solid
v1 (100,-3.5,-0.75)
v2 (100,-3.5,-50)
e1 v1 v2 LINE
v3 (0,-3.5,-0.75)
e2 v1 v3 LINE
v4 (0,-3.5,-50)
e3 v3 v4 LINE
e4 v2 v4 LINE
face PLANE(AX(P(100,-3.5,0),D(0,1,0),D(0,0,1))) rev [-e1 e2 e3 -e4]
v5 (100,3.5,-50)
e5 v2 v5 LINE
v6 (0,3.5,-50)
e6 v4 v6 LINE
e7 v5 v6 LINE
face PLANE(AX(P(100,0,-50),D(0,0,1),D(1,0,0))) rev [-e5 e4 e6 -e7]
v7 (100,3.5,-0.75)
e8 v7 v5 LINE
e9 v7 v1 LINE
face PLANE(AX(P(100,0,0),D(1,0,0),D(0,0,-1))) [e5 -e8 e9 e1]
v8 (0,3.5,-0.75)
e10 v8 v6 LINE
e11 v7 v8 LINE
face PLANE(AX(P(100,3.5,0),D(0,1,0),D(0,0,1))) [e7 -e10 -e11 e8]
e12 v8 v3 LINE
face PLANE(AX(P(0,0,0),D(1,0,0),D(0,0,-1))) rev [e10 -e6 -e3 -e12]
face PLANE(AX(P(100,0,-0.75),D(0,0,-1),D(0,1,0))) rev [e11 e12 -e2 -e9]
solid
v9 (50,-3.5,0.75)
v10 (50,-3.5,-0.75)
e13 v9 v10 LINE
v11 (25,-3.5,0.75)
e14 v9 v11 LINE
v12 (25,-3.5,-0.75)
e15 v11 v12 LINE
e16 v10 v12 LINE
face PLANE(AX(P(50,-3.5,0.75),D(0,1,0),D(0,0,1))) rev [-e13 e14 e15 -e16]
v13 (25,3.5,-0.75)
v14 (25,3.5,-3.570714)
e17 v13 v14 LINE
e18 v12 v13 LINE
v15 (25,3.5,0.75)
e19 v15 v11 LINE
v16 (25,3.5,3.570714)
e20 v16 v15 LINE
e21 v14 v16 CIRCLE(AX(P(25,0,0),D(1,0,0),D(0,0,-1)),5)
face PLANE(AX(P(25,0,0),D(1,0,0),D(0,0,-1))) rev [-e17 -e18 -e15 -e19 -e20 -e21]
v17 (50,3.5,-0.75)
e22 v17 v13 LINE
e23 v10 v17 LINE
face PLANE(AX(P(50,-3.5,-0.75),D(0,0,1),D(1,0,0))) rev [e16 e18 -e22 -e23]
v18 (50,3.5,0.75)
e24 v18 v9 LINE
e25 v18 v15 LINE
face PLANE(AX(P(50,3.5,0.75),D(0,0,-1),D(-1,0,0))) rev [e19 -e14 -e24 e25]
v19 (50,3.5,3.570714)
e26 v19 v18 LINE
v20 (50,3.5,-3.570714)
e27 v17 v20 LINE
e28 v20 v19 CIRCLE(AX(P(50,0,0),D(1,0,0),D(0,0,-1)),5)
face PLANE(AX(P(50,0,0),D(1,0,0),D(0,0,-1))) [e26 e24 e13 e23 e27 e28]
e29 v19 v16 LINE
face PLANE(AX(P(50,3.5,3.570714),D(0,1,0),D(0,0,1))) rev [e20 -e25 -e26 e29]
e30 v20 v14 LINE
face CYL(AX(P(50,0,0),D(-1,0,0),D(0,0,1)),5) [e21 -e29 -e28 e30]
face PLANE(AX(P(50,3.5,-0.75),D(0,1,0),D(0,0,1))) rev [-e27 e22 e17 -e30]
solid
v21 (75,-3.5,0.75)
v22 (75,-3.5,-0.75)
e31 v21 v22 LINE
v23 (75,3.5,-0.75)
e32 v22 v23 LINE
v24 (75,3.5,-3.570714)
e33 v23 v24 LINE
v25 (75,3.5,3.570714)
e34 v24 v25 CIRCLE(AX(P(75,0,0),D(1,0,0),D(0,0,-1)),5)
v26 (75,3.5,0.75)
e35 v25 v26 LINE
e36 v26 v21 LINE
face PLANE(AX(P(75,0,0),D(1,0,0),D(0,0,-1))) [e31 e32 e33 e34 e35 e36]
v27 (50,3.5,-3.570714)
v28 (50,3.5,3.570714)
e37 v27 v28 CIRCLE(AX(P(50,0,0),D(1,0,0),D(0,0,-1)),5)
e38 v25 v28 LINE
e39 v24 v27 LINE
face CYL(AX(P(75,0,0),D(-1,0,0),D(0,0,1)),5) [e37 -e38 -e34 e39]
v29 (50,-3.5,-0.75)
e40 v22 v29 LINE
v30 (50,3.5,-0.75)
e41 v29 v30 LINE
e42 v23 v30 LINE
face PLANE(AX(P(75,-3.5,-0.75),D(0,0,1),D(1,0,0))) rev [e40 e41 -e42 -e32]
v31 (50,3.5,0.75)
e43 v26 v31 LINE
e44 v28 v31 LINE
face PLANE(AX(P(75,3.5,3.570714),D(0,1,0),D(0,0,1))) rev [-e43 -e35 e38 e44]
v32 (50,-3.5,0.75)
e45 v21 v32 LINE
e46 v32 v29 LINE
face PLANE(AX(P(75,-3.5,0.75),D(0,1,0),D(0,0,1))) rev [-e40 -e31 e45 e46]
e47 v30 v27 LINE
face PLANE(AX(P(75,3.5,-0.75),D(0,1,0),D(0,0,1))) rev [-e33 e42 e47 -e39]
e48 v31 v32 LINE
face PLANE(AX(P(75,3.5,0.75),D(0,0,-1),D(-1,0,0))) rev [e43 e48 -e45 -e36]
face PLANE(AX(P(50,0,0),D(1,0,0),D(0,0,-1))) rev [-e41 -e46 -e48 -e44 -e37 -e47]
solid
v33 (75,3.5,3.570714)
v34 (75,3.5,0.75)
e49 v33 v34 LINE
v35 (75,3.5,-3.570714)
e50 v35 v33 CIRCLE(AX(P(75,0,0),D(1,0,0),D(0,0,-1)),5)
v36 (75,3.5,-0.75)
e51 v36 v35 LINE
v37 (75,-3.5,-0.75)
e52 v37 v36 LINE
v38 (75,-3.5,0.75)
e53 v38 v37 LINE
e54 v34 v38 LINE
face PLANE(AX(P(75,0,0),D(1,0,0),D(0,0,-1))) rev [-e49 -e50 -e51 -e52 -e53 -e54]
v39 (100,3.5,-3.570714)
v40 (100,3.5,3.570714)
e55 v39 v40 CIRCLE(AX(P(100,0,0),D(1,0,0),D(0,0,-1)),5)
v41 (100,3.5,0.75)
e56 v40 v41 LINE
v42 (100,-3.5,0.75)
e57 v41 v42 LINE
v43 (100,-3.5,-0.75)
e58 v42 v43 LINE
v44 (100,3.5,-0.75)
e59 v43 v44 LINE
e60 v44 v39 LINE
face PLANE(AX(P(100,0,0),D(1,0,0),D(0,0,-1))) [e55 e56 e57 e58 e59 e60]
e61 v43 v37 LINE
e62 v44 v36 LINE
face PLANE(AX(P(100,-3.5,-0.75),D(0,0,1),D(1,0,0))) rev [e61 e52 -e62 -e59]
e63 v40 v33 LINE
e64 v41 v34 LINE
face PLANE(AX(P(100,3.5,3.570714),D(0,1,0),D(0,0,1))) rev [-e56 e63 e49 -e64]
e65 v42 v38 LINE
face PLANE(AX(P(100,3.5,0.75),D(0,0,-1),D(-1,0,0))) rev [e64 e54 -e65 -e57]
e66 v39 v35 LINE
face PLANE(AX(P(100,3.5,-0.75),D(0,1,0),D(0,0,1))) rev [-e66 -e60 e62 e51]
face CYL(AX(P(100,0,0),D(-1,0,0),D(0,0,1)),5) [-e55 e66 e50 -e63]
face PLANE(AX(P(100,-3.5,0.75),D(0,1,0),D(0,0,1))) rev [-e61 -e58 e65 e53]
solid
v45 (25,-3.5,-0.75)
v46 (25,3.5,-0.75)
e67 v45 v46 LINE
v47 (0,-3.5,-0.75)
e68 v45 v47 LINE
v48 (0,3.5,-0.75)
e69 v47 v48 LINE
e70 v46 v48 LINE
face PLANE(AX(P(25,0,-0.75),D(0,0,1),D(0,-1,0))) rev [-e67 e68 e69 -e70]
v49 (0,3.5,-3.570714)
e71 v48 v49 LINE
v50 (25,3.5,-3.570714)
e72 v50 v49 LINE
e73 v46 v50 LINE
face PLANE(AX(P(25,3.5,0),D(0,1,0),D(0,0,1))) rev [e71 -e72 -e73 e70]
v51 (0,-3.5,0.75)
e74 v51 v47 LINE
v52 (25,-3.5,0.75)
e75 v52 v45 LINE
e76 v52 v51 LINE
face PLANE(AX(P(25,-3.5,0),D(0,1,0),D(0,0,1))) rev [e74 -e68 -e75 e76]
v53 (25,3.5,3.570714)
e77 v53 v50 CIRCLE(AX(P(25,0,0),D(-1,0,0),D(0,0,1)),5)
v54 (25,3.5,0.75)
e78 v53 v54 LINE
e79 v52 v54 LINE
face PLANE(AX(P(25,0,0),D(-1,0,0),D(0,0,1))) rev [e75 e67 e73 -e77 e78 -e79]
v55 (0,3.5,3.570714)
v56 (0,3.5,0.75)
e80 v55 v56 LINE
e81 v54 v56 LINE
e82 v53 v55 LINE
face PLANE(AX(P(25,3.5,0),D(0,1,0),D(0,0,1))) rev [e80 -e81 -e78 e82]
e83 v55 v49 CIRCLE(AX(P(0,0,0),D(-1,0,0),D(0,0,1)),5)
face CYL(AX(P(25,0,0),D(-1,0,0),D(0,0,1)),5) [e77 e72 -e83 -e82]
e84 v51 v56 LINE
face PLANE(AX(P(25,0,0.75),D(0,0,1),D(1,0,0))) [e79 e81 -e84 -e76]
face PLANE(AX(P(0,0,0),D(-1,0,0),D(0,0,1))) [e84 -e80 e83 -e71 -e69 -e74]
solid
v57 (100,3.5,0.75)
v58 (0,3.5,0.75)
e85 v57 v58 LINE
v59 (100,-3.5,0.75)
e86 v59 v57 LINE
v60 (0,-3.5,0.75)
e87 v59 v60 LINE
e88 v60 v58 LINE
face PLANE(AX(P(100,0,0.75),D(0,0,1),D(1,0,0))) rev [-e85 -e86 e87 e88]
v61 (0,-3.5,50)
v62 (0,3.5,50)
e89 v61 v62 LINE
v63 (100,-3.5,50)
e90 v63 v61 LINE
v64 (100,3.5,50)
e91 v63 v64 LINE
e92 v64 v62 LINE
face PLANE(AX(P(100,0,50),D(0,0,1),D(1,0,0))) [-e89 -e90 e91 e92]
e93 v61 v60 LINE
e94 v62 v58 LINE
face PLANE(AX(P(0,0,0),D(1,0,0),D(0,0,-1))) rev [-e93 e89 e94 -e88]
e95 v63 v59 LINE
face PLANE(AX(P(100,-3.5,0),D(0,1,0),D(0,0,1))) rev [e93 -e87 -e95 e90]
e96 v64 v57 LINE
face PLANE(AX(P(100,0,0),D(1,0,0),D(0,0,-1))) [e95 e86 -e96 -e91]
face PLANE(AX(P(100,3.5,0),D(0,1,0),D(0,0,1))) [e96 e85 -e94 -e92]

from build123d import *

# Parameters (mm, degrees)
SKETCH1_W             = 49.25
SKETCH1_H             = 7
BOSS_EXTRUDE1_DEPTH   = 100
BOSS_EXTRUDE1_2_DEPTH = 100
BOSS_EXTRUDE2_DEPTH   = 25
BOSS_EXTRUDE3_DEPTH   = 25
BOSS_EXTRUDE4_DEPTH   = 25
BOSS_EXTRUDE5_DEPTH   = 25


with BuildPart() as part:
    # Sketch1 → Boss-Extrude1 (new body)
    with BuildSketch(Plane(origin=(0, 0, 0), x_dir=(0, 0, -1), z_dir=(1, 0, 0))):
        with Locations((-25.375, 0)):
            Rectangle(SKETCH1_W, SKETCH1_H)
    extrude(amount=BOSS_EXTRUDE1_DEPTH)


with BuildPart() as body_2:
    # Sketch1 → Boss-Extrude1 2 (new body)
    with BuildSketch(Plane(origin=(0, 0, 0), x_dir=(0, 0, -1), z_dir=(1, 0, 0))):
        with Locations((25.375, 0)):
            Rectangle(SKETCH1_W, SKETCH1_H)
    extrude(amount=BOSS_EXTRUDE1_2_DEPTH)


with BuildPart() as body_3:
    # Sketch2 → Boss-Extrude2 (new body)
    with BuildSketch(Plane.ZY):
        with BuildLine():
            Line((-0.75, -3.5), (0.75, -3.5))
            Line((0.75, -3.5), (0.75, 3.5))
            Line((0.75, 3.5), (3.570714214, 3.5))
            ThreePointArc((3.570714214, 3.5), (0, 5), (-3.570714214, 3.5))
            Line((-3.570714214, 3.5), (-0.75, 3.5))
            Line((-0.75, 3.5), (-0.75, -3.5))
        make_face()
    extrude(amount=-BOSS_EXTRUDE2_DEPTH)


with BuildPart() as body_4:
    # Sketch3 → Boss-Extrude3 (new body)
    with BuildSketch(Plane(origin=(25, 0, 0), x_dir=(0, 0, -1), z_dir=(1, 0, 0))):
        with BuildLine():
            Line((-3.570714214, 3.5), (-0.75, 3.5))
            Line((-0.75, 3.5), (-0.75, -3.5))
            Line((-0.75, -3.5), (0.75, -3.5))
            Line((0.75, -3.5), (0.75, 3.5))
            Line((0.75, 3.5), (3.570714214, 3.5))
            ThreePointArc((3.570714214, 3.5), (0, 5), (-3.570714214, 3.5))
        make_face()
    extrude(amount=BOSS_EXTRUDE3_DEPTH)


with BuildPart() as body_5:
    # Sketch4 → Boss-Extrude4 (new body)
    with BuildSketch(Plane(origin=(50, 0, 0), x_dir=(0, 0, -1), z_dir=(1, 0, 0))):
        with BuildLine():
            Line((-3.570714214, 3.5), (-0.75, 3.5))
            Line((-0.75, 3.5), (-0.75, -3.5))
            Line((-0.75, -3.5), (0.75, -3.5))
            Line((0.75, -3.5), (0.75, 3.5))
            Line((0.75, 3.5), (3.570714214, 3.5))
            ThreePointArc((3.570714214, 3.5), (0, 5), (-3.570714214, 3.5))
        make_face()
    extrude(amount=BOSS_EXTRUDE4_DEPTH)


with BuildPart() as body_6:
    # Sketch5 → Boss-Extrude5 (new body)
    with BuildSketch(Plane(origin=(75, 0, 0), x_dir=(0, 0, -1), z_dir=(1, 0, 0))):
        with BuildLine():
            Line((-3.570714214, 3.5), (-0.75, 3.5))
            Line((-0.75, 3.5), (-0.75, -3.5))
            Line((-0.75, -3.5), (0.75, -3.5))
            Line((0.75, -3.5), (0.75, 3.5))
            Line((0.75, 3.5), (3.570714214, 3.5))
            ThreePointArc((3.570714214, 3.5), (0, 5), (-3.570714214, 3.5))
        make_face()
    extrude(amount=BOSS_EXTRUDE5_DEPTH)


solid = Compound([part.part, body_2.part, body_3.part, body_4.part, body_5.part, body_6.part])
